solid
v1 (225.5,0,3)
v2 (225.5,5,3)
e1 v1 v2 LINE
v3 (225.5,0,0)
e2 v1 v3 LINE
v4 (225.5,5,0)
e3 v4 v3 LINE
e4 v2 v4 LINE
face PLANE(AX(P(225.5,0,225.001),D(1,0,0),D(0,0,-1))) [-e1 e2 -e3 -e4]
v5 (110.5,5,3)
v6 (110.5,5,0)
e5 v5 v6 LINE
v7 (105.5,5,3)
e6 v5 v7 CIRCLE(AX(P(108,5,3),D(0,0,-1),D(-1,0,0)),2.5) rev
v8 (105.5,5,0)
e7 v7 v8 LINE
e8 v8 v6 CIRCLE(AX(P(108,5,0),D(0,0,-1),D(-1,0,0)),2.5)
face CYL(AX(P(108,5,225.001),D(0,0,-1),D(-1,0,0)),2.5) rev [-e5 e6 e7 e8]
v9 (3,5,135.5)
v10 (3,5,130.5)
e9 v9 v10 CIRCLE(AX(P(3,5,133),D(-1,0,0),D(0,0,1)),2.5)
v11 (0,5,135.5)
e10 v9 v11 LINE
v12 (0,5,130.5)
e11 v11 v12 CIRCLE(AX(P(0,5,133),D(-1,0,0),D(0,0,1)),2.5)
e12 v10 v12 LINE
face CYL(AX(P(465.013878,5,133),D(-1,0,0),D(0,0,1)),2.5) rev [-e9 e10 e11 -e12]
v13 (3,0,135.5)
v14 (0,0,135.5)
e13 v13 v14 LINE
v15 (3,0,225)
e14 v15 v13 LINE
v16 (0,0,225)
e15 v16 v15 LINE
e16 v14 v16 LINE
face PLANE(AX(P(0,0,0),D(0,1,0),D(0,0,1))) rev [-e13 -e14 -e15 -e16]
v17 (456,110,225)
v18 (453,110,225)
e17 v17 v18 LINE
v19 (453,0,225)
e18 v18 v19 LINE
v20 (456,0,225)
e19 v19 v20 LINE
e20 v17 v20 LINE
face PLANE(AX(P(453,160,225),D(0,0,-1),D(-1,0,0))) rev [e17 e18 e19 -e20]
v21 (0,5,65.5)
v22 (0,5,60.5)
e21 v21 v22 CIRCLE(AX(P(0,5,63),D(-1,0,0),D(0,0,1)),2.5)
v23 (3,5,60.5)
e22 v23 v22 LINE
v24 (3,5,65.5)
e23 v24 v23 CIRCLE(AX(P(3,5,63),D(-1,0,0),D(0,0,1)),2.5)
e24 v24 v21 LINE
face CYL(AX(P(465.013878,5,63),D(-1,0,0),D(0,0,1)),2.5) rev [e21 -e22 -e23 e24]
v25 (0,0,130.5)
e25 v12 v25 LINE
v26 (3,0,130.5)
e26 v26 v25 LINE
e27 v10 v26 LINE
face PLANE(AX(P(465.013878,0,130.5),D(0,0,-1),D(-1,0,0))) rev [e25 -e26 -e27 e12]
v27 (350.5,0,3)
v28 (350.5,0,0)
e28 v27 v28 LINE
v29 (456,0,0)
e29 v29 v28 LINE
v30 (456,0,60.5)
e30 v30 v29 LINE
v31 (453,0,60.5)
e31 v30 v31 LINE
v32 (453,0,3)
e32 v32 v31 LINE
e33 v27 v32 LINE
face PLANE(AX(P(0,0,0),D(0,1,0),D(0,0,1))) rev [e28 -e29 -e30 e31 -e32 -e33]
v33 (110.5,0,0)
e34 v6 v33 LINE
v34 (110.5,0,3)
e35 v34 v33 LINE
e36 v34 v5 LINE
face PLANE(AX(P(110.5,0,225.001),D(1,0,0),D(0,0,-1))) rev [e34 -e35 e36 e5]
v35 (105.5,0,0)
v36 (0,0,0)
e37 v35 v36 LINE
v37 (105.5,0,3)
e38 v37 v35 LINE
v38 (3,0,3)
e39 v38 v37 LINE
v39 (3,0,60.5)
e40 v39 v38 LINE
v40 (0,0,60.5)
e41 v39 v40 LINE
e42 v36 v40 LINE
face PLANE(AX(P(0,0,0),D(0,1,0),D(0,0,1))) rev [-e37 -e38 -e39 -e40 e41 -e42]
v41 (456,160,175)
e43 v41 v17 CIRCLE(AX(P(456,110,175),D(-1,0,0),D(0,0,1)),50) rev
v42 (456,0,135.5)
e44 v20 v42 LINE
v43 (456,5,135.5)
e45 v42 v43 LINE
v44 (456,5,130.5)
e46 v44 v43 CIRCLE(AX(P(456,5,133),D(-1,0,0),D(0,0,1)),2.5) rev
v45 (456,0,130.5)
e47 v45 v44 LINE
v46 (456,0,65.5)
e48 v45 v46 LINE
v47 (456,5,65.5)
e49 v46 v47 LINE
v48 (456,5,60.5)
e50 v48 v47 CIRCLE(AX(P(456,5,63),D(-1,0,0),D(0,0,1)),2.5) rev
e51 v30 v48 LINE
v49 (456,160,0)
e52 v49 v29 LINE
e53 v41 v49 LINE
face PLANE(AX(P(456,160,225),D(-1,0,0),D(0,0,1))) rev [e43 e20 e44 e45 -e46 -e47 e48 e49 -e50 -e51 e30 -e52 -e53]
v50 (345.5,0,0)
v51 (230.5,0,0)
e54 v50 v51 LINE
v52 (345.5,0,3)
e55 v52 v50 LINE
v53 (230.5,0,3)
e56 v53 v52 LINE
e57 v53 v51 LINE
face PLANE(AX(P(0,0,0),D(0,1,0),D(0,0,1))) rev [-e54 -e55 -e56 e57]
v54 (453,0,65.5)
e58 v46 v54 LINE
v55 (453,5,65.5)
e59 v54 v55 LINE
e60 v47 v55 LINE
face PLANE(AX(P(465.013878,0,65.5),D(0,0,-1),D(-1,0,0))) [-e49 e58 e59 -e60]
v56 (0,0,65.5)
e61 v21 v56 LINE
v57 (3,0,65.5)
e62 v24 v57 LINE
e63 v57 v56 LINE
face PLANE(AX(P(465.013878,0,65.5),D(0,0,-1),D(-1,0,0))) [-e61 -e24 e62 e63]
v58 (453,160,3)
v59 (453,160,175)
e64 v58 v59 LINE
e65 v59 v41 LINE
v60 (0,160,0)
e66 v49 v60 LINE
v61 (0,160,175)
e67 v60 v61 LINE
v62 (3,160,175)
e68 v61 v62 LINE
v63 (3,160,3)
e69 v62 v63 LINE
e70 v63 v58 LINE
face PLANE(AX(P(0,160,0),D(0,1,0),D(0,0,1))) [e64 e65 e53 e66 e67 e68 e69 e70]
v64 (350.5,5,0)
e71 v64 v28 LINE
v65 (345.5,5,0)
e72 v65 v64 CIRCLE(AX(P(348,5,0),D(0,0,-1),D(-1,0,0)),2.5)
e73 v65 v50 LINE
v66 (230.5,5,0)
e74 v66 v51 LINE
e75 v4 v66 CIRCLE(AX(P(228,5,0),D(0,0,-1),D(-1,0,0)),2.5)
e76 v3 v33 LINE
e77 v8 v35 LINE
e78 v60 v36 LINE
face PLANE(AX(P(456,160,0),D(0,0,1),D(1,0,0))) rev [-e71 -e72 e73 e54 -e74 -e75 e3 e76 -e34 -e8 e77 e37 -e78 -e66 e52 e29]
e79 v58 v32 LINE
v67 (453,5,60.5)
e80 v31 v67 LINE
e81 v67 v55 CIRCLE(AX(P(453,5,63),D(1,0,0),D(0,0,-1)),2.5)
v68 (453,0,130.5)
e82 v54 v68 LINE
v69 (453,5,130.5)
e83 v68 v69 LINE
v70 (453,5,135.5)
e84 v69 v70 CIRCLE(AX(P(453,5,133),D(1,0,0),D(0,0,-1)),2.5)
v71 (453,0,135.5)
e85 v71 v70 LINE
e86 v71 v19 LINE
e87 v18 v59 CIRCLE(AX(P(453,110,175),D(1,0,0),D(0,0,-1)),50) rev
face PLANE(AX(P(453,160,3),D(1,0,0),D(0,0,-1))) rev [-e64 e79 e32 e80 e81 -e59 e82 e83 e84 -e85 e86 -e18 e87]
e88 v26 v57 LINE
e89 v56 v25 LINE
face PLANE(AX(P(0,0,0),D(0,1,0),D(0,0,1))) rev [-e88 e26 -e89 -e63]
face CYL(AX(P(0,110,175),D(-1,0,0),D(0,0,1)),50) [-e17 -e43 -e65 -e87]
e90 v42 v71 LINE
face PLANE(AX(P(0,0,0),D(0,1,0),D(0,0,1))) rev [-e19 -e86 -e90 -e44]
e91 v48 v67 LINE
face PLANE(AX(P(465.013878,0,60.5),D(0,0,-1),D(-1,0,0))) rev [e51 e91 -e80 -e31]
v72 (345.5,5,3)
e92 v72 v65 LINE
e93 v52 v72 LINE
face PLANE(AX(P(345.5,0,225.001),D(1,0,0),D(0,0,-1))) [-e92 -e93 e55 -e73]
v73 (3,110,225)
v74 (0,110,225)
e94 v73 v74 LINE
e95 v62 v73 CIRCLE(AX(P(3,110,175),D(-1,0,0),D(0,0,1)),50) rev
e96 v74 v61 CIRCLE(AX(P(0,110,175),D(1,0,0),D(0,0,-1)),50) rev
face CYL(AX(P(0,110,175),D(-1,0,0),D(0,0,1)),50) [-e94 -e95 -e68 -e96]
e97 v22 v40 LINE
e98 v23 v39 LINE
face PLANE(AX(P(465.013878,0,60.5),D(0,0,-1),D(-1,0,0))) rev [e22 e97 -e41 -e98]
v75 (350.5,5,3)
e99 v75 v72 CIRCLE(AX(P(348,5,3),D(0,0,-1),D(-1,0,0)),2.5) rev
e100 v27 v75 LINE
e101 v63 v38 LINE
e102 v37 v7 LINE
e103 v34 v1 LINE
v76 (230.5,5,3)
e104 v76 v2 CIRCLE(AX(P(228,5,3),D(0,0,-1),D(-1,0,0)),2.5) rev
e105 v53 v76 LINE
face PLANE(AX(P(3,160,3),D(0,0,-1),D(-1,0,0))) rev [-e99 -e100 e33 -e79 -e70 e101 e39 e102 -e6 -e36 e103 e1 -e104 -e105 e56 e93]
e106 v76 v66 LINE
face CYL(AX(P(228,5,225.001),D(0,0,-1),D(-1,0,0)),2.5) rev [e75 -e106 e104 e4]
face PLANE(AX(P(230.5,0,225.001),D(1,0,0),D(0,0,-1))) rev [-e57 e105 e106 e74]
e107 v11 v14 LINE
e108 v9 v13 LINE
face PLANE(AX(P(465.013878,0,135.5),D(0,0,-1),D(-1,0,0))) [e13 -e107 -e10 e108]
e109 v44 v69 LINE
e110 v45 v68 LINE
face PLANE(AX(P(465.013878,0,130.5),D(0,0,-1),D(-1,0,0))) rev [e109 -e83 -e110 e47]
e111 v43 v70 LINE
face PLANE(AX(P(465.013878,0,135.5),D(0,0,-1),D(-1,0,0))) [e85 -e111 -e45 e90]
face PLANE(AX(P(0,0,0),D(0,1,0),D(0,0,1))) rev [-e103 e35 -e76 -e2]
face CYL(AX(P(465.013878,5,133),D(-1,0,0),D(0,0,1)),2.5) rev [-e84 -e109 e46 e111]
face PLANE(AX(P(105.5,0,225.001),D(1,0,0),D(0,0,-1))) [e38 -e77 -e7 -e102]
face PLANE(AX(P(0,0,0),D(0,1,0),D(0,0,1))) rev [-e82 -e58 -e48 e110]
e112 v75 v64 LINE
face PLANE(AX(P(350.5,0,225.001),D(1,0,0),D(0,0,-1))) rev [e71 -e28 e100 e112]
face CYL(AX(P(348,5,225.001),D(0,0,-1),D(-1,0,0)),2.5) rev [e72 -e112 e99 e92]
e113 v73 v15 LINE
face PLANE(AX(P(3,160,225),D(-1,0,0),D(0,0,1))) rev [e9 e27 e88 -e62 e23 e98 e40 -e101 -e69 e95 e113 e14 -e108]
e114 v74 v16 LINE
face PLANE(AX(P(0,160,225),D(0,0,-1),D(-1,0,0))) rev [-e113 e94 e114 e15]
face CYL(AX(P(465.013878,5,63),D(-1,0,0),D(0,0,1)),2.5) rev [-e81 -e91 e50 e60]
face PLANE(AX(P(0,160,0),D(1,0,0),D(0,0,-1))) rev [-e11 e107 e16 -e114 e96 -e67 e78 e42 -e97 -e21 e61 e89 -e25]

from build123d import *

# Parameters (mm, degrees)
SALIENTE_EXTRUIR1_DEPTH = 160
CORTAR_EXTRUIR1_DEPTH   = 456
CORTAR_EXTRUIR2_REACH   = 227
CROQUIS3_R              = 2.5
CROQUIS3_W              = 5
CROQUIS3_H              = 5
REDONDEO1_R             = 50


with BuildPart() as part:
    # Croquis1 → Saliente-Extruir1 (new body)
    with BuildSketch(Plane(origin=(0, 0, 0), x_dir=(1, 0, 0), z_dir=(0, 1, 0))):
        Polygon((3, -225), (3, -3), (453, -3), (453, -225), (456, -225), (456, 0), (0, 0), (0, -225), align=None)
    extrude(amount=SALIENTE_EXTRUIR1_DEPTH)

    # Croquis2 → Cortar-Extruir1 (cut)
    with BuildSketch(Plane.ZY):
        with BuildLine():
            ThreePointArc((65.5, 5), (63, 2.5), (60.5, 5))
            Line((60.5, 5), (60.5, 0))
            Line((60.5, 0), (65.5, 0))
            Line((65.5, 0), (65.5, 5))
        make_face()
        with BuildLine():
            ThreePointArc((65.5, 5), (63, 7.5), (60.5, 5))
            Line((60.5, 5), (65.5, 5))
        make_face()
        with BuildLine():
            Line((65.5, 5), (60.5, 5))
            ThreePointArc((60.5, 5), (63, 2.5), (65.5, 5))
        make_face()
        with BuildLine():
            ThreePointArc((135.5, 5), (133, 7.5), (130.5, 5))
            Line((130.5, 5), (135.5, 5))
        make_face()
        with BuildLine():
            Line((135.5, 5), (130.5, 5))
            ThreePointArc((130.5, 5), (133, 2.5), (135.5, 5))
        make_face()
        with BuildLine():
            Line((130.5, 5), (130.5, 0))
            Line((130.5, 0), (135.5, 0))
            Line((135.5, 0), (135.5, 5))
            ThreePointArc((135.5, 5), (133, 2.5), (130.5, 5))
        make_face()
    extrude(amount=-CORTAR_EXTRUIR1_DEPTH, mode=Mode.SUBTRACT)

    # Croquis3 → Cortar-Extruir2 (cut, up to next)
    with BuildSketch(Plane(origin=(0, 0, 0), x_dir=(-1, 0, 0), z_dir=(0, 0, -1)), mode=Mode.PRIVATE) as cortar_extruir2_sk1:
        with Locations((-348, 5)):
            Circle(CROQUIS3_R)
    cortar_extruir2_tool1 = extrude(cortar_extruir2_sk1.sketch, amount=-CORTAR_EXTRUIR2_REACH, mode=Mode.PRIVATE) & part.part
    add(cortar_extruir2_tool1.solids().sort_by_distance((348, 5, 0))[0], mode=Mode.SUBTRACT)
    # Croquis3 → Cortar-Extruir2 (cut, up to next)
    with BuildSketch(Plane(origin=(0, 0, 0), x_dir=(-1, 0, 0), z_dir=(0, 0, -1)), mode=Mode.PRIVATE) as cortar_extruir2_sk2:
        with Locations((-228, 5)):
            Circle(CROQUIS3_R)
    cortar_extruir2_tool2 = extrude(cortar_extruir2_sk2.sketch, amount=-CORTAR_EXTRUIR2_REACH, mode=Mode.PRIVATE) & part.part
    add(cortar_extruir2_tool2.solids().sort_by_distance((228, 5, 0))[0], mode=Mode.SUBTRACT)
    # Croquis3 → Cortar-Extruir2 (cut, up to next)
    with BuildSketch(Plane(origin=(0, 0, 0), x_dir=(-1, 0, 0), z_dir=(0, 0, -1)), mode=Mode.PRIVATE) as cortar_extruir2_sk3:
        with Locations((-108, 5)):
            Circle(CROQUIS3_R)
    cortar_extruir2_tool3 = extrude(cortar_extruir2_sk3.sketch, amount=-CORTAR_EXTRUIR2_REACH, mode=Mode.PRIVATE) & part.part
    add(cortar_extruir2_tool3.solids().sort_by_distance((108, 5, 0))[0], mode=Mode.SUBTRACT)
    # Croquis3 → Cortar-Extruir2 (cut, up to next)
    with BuildSketch(Plane(origin=(0, 0, 0), x_dir=(-1, 0, 0), z_dir=(0, 0, -1)), mode=Mode.PRIVATE) as cortar_extruir2_sk4:
        with Locations((-228, 2.5)):
            Rectangle(CROQUIS3_W, CROQUIS3_H)
    cortar_extruir2_tool4 = extrude(cortar_extruir2_sk4.sketch, amount=-CORTAR_EXTRUIR2_REACH, mode=Mode.PRIVATE) & part.part
    add(cortar_extruir2_tool4.solids().sort_by_distance((228, 2.5, 0))[0], mode=Mode.SUBTRACT)
    # Croquis3 → Cortar-Extruir2 (cut, up to next)
    with BuildSketch(Plane(origin=(0, 0, 0), x_dir=(-1, 0, 0), z_dir=(0, 0, -1)), mode=Mode.PRIVATE) as cortar_extruir2_sk5:
        with Locations((-108, 2.5)):
            Rectangle(CROQUIS3_W, CROQUIS3_H)
    cortar_extruir2_tool5 = extrude(cortar_extruir2_sk5.sketch, amount=-CORTAR_EXTRUIR2_REACH, mode=Mode.PRIVATE) & part.part
    add(cortar_extruir2_tool5.solids().sort_by_distance((108, 2.5, 0))[0], mode=Mode.SUBTRACT)
    # Croquis3 → Cortar-Extruir2 (cut, up to next)
    with BuildSketch(Plane(origin=(0, 0, 0), x_dir=(-1, 0, 0), z_dir=(0, 0, -1)), mode=Mode.PRIVATE) as cortar_extruir2_sk6:
        with Locations((-348, 2.5)):
            Rectangle(CROQUIS3_W, CROQUIS3_H)
    cortar_extruir2_tool6 = extrude(cortar_extruir2_sk6.sketch, amount=-CORTAR_EXTRUIR2_REACH, mode=Mode.PRIVATE) & part.part
    add(cortar_extruir2_tool6.solids().sort_by_distance((348, 2.5, 0))[0], mode=Mode.SUBTRACT)

    # Redondeo1
    redondeo1_edges = [part.edges().sort_by_distance(p)[0] for p in [
        (454.5, 160, 225),
        (1.5, 160, 225),
    ]]
    fillet(redondeo1_edges, radius=REDONDEO1_R)


solid = part.part
